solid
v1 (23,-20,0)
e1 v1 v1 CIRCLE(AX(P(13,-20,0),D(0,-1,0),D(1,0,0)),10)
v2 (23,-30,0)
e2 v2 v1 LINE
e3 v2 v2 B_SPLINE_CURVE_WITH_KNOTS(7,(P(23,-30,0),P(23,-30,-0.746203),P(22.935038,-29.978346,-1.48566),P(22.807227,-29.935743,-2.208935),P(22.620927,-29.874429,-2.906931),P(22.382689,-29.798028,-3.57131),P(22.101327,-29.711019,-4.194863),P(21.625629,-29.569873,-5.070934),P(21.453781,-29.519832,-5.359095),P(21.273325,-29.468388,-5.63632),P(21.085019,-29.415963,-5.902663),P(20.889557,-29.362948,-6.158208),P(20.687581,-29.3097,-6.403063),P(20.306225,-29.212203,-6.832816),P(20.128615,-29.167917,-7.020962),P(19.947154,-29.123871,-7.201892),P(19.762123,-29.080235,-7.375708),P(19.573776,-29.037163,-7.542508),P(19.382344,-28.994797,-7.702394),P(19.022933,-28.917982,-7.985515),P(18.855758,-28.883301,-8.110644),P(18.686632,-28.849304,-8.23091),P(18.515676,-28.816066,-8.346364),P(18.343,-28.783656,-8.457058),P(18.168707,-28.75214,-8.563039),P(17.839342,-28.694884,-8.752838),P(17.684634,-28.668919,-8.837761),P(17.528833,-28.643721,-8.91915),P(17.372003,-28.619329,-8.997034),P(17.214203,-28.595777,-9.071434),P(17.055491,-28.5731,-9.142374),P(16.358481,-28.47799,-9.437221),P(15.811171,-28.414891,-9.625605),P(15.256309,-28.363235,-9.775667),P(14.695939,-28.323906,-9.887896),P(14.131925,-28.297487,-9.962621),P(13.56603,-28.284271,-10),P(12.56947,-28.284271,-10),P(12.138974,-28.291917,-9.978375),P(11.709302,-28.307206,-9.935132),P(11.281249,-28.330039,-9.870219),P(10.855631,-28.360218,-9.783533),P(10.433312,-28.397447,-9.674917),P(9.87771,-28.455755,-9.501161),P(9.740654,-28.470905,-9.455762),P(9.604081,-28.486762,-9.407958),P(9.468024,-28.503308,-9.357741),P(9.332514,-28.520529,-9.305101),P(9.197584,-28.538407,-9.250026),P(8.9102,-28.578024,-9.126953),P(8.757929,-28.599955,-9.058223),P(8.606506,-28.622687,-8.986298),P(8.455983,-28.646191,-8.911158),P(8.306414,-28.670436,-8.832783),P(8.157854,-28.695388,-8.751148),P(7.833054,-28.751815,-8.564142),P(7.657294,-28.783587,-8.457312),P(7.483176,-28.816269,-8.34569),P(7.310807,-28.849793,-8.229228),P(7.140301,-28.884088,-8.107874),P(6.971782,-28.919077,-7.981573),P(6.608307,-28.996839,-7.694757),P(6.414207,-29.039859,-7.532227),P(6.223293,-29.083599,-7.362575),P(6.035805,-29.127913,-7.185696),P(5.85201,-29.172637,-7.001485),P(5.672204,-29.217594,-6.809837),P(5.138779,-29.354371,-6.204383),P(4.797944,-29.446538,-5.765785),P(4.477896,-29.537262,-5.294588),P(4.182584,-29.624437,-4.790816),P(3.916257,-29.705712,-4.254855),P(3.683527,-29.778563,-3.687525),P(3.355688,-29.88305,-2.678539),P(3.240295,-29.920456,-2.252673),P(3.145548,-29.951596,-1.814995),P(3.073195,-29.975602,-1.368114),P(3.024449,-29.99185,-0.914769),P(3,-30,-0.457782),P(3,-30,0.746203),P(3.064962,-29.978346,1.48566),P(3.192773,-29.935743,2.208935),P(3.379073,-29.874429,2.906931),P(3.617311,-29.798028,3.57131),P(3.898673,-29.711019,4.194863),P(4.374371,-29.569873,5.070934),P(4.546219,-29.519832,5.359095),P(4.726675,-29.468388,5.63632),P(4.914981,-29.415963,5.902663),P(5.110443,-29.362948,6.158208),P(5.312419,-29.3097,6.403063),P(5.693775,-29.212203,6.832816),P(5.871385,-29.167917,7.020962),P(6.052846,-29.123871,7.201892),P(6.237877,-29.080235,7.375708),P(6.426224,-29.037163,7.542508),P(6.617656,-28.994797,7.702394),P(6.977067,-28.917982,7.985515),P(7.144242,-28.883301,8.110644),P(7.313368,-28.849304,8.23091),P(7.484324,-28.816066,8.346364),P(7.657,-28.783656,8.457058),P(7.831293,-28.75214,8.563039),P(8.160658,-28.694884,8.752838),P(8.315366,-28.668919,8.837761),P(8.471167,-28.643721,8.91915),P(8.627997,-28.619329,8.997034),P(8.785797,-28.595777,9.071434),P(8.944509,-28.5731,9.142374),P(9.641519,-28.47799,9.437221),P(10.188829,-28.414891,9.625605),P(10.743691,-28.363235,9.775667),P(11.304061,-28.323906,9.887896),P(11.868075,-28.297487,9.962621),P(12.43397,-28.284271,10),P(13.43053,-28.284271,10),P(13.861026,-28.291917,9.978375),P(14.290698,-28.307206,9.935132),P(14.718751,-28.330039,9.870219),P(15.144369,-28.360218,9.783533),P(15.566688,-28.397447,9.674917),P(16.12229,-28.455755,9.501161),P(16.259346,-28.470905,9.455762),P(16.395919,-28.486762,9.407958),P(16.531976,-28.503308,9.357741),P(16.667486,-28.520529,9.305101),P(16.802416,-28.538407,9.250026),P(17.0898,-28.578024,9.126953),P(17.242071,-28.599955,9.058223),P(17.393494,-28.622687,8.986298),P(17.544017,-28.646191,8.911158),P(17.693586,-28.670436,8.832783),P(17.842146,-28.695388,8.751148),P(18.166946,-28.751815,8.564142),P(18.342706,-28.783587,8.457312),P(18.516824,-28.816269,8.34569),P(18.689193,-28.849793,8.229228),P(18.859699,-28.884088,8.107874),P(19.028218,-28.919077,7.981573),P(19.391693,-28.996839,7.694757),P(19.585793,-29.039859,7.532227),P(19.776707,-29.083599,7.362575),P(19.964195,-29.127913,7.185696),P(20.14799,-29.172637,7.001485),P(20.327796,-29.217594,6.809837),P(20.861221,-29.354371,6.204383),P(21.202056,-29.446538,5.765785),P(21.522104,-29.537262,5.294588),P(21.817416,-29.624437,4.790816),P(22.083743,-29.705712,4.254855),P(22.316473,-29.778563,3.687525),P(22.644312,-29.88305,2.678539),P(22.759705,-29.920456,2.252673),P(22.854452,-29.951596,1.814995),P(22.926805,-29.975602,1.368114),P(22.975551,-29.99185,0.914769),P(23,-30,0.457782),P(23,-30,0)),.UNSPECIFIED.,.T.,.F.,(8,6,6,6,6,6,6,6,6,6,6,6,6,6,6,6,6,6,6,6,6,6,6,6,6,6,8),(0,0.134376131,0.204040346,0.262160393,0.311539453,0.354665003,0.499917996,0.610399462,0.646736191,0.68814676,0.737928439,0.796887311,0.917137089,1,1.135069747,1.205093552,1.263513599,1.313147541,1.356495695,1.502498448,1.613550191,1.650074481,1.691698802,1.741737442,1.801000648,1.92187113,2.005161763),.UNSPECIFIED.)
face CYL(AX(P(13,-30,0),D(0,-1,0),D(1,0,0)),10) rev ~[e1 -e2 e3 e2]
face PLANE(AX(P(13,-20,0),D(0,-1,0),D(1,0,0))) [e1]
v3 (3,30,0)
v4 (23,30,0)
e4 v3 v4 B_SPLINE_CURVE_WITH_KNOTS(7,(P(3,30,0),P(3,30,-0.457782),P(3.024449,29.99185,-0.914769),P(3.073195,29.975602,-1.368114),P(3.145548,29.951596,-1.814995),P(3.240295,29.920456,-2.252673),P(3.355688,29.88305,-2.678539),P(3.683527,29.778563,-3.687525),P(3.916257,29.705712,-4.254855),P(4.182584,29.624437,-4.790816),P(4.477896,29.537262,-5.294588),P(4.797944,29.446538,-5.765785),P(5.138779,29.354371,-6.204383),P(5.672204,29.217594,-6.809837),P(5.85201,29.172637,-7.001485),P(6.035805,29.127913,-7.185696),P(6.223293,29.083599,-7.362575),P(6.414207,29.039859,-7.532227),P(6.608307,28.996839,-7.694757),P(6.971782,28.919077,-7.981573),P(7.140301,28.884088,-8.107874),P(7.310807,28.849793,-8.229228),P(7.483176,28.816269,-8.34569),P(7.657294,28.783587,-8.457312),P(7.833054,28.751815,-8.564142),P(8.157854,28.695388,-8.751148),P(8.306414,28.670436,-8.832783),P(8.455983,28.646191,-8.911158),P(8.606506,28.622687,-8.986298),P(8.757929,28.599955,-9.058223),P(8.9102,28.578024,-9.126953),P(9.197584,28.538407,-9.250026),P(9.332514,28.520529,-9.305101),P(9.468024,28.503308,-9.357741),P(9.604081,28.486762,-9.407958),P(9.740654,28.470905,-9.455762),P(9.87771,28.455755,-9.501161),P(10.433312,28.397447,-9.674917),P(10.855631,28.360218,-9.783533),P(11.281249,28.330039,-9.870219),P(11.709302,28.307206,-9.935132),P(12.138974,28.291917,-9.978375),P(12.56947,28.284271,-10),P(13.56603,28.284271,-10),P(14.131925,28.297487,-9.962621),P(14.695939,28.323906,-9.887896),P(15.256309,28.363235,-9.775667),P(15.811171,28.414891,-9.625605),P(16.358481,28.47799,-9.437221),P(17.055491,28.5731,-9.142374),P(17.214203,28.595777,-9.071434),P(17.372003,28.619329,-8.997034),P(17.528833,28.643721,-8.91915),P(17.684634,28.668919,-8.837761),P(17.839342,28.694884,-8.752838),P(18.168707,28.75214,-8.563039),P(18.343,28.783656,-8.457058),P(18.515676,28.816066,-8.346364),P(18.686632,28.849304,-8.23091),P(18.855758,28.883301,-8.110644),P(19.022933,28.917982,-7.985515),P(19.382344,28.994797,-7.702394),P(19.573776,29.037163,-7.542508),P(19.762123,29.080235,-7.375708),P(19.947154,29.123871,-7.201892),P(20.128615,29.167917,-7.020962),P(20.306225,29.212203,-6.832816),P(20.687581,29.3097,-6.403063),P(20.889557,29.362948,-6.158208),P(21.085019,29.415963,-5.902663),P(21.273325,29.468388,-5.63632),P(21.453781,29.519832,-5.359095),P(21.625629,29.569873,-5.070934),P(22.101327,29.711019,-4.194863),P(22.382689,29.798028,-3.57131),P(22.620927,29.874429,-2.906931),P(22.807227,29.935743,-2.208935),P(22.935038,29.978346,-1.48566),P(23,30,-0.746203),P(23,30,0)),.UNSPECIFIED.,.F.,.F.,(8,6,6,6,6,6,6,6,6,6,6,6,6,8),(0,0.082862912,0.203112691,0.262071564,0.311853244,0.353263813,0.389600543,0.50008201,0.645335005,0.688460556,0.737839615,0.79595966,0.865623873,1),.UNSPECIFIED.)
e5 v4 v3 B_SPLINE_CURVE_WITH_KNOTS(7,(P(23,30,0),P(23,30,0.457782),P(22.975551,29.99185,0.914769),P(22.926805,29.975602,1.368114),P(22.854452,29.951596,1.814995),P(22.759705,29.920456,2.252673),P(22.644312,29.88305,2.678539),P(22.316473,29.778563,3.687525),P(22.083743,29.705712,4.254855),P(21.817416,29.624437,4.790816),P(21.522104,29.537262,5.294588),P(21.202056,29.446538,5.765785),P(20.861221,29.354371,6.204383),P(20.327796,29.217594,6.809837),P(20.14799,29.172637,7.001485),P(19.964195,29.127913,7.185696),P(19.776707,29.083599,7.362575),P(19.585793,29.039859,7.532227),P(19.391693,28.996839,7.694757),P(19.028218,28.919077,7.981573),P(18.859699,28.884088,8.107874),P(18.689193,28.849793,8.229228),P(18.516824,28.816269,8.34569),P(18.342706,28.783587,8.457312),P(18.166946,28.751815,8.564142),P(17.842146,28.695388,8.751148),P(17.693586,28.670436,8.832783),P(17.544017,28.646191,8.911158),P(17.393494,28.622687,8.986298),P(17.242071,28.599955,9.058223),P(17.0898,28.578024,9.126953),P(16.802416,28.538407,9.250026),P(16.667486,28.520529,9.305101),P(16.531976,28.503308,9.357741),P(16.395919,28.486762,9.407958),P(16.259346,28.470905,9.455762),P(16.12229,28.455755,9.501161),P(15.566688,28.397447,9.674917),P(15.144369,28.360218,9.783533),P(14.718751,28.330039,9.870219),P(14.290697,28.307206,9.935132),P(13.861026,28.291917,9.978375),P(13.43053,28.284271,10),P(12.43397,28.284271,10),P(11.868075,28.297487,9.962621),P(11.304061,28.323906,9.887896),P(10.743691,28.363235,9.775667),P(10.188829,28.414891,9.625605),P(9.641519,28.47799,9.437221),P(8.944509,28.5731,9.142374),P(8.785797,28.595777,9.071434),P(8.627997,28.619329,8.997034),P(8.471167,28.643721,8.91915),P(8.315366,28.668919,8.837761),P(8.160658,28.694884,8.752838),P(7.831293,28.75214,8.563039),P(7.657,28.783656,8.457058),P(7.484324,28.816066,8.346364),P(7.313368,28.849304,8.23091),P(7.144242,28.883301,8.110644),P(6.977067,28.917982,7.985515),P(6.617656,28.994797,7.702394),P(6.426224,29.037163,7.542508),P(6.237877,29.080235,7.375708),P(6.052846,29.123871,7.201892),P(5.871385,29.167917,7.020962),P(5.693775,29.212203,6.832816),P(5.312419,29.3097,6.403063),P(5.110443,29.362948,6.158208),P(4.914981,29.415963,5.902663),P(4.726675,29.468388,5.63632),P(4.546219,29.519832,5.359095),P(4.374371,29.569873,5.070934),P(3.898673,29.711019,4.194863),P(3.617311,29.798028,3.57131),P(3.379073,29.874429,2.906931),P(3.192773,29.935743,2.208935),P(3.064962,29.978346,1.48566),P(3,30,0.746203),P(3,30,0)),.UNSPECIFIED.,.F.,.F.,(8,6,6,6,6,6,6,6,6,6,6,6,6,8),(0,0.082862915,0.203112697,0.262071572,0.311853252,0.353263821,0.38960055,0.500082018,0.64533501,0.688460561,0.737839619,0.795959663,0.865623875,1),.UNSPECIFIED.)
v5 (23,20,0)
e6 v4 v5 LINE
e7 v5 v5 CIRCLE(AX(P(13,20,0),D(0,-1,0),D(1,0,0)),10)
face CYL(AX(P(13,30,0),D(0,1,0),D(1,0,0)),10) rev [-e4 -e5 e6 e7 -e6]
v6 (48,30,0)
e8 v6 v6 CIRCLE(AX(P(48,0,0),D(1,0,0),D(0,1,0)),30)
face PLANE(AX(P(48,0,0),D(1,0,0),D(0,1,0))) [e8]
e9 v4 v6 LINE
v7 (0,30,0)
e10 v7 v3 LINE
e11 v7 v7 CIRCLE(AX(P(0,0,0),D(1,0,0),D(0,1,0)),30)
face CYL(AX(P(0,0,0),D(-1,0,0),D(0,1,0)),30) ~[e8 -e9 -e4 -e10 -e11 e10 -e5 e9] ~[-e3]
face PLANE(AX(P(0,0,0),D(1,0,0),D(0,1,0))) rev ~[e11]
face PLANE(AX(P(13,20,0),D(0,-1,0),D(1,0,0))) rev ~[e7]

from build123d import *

# Parameters (mm, degrees)
F0_R     = 30
F1_DEPTH = 48
F3_R     = 10
F4_DEPTH = 10
F6_R     = 10
F7_DEPTH = 10


with BuildPart() as f1:
    # F0 (on Right) → F1 (new body)
    with BuildSketch(Plane.YZ):
        Circle(F0_R)
    extrude(amount=F1_DEPTH)

    # F3 (on offset) → F4 (cut)
    with BuildSketch(Plane.XZ.offset(30)):
        with Locations((13, 0)):
            Circle(F3_R)
    extrude(amount=-F4_DEPTH, mode=Mode.SUBTRACT)

    # F6 (on offset) → F7 (cut)
    with BuildSketch(Plane.XZ.offset(-30)):
        with Locations((13, 0)):
            Circle(F6_R)
    extrude(amount=F7_DEPTH, mode=Mode.SUBTRACT)


solid = f1.part
